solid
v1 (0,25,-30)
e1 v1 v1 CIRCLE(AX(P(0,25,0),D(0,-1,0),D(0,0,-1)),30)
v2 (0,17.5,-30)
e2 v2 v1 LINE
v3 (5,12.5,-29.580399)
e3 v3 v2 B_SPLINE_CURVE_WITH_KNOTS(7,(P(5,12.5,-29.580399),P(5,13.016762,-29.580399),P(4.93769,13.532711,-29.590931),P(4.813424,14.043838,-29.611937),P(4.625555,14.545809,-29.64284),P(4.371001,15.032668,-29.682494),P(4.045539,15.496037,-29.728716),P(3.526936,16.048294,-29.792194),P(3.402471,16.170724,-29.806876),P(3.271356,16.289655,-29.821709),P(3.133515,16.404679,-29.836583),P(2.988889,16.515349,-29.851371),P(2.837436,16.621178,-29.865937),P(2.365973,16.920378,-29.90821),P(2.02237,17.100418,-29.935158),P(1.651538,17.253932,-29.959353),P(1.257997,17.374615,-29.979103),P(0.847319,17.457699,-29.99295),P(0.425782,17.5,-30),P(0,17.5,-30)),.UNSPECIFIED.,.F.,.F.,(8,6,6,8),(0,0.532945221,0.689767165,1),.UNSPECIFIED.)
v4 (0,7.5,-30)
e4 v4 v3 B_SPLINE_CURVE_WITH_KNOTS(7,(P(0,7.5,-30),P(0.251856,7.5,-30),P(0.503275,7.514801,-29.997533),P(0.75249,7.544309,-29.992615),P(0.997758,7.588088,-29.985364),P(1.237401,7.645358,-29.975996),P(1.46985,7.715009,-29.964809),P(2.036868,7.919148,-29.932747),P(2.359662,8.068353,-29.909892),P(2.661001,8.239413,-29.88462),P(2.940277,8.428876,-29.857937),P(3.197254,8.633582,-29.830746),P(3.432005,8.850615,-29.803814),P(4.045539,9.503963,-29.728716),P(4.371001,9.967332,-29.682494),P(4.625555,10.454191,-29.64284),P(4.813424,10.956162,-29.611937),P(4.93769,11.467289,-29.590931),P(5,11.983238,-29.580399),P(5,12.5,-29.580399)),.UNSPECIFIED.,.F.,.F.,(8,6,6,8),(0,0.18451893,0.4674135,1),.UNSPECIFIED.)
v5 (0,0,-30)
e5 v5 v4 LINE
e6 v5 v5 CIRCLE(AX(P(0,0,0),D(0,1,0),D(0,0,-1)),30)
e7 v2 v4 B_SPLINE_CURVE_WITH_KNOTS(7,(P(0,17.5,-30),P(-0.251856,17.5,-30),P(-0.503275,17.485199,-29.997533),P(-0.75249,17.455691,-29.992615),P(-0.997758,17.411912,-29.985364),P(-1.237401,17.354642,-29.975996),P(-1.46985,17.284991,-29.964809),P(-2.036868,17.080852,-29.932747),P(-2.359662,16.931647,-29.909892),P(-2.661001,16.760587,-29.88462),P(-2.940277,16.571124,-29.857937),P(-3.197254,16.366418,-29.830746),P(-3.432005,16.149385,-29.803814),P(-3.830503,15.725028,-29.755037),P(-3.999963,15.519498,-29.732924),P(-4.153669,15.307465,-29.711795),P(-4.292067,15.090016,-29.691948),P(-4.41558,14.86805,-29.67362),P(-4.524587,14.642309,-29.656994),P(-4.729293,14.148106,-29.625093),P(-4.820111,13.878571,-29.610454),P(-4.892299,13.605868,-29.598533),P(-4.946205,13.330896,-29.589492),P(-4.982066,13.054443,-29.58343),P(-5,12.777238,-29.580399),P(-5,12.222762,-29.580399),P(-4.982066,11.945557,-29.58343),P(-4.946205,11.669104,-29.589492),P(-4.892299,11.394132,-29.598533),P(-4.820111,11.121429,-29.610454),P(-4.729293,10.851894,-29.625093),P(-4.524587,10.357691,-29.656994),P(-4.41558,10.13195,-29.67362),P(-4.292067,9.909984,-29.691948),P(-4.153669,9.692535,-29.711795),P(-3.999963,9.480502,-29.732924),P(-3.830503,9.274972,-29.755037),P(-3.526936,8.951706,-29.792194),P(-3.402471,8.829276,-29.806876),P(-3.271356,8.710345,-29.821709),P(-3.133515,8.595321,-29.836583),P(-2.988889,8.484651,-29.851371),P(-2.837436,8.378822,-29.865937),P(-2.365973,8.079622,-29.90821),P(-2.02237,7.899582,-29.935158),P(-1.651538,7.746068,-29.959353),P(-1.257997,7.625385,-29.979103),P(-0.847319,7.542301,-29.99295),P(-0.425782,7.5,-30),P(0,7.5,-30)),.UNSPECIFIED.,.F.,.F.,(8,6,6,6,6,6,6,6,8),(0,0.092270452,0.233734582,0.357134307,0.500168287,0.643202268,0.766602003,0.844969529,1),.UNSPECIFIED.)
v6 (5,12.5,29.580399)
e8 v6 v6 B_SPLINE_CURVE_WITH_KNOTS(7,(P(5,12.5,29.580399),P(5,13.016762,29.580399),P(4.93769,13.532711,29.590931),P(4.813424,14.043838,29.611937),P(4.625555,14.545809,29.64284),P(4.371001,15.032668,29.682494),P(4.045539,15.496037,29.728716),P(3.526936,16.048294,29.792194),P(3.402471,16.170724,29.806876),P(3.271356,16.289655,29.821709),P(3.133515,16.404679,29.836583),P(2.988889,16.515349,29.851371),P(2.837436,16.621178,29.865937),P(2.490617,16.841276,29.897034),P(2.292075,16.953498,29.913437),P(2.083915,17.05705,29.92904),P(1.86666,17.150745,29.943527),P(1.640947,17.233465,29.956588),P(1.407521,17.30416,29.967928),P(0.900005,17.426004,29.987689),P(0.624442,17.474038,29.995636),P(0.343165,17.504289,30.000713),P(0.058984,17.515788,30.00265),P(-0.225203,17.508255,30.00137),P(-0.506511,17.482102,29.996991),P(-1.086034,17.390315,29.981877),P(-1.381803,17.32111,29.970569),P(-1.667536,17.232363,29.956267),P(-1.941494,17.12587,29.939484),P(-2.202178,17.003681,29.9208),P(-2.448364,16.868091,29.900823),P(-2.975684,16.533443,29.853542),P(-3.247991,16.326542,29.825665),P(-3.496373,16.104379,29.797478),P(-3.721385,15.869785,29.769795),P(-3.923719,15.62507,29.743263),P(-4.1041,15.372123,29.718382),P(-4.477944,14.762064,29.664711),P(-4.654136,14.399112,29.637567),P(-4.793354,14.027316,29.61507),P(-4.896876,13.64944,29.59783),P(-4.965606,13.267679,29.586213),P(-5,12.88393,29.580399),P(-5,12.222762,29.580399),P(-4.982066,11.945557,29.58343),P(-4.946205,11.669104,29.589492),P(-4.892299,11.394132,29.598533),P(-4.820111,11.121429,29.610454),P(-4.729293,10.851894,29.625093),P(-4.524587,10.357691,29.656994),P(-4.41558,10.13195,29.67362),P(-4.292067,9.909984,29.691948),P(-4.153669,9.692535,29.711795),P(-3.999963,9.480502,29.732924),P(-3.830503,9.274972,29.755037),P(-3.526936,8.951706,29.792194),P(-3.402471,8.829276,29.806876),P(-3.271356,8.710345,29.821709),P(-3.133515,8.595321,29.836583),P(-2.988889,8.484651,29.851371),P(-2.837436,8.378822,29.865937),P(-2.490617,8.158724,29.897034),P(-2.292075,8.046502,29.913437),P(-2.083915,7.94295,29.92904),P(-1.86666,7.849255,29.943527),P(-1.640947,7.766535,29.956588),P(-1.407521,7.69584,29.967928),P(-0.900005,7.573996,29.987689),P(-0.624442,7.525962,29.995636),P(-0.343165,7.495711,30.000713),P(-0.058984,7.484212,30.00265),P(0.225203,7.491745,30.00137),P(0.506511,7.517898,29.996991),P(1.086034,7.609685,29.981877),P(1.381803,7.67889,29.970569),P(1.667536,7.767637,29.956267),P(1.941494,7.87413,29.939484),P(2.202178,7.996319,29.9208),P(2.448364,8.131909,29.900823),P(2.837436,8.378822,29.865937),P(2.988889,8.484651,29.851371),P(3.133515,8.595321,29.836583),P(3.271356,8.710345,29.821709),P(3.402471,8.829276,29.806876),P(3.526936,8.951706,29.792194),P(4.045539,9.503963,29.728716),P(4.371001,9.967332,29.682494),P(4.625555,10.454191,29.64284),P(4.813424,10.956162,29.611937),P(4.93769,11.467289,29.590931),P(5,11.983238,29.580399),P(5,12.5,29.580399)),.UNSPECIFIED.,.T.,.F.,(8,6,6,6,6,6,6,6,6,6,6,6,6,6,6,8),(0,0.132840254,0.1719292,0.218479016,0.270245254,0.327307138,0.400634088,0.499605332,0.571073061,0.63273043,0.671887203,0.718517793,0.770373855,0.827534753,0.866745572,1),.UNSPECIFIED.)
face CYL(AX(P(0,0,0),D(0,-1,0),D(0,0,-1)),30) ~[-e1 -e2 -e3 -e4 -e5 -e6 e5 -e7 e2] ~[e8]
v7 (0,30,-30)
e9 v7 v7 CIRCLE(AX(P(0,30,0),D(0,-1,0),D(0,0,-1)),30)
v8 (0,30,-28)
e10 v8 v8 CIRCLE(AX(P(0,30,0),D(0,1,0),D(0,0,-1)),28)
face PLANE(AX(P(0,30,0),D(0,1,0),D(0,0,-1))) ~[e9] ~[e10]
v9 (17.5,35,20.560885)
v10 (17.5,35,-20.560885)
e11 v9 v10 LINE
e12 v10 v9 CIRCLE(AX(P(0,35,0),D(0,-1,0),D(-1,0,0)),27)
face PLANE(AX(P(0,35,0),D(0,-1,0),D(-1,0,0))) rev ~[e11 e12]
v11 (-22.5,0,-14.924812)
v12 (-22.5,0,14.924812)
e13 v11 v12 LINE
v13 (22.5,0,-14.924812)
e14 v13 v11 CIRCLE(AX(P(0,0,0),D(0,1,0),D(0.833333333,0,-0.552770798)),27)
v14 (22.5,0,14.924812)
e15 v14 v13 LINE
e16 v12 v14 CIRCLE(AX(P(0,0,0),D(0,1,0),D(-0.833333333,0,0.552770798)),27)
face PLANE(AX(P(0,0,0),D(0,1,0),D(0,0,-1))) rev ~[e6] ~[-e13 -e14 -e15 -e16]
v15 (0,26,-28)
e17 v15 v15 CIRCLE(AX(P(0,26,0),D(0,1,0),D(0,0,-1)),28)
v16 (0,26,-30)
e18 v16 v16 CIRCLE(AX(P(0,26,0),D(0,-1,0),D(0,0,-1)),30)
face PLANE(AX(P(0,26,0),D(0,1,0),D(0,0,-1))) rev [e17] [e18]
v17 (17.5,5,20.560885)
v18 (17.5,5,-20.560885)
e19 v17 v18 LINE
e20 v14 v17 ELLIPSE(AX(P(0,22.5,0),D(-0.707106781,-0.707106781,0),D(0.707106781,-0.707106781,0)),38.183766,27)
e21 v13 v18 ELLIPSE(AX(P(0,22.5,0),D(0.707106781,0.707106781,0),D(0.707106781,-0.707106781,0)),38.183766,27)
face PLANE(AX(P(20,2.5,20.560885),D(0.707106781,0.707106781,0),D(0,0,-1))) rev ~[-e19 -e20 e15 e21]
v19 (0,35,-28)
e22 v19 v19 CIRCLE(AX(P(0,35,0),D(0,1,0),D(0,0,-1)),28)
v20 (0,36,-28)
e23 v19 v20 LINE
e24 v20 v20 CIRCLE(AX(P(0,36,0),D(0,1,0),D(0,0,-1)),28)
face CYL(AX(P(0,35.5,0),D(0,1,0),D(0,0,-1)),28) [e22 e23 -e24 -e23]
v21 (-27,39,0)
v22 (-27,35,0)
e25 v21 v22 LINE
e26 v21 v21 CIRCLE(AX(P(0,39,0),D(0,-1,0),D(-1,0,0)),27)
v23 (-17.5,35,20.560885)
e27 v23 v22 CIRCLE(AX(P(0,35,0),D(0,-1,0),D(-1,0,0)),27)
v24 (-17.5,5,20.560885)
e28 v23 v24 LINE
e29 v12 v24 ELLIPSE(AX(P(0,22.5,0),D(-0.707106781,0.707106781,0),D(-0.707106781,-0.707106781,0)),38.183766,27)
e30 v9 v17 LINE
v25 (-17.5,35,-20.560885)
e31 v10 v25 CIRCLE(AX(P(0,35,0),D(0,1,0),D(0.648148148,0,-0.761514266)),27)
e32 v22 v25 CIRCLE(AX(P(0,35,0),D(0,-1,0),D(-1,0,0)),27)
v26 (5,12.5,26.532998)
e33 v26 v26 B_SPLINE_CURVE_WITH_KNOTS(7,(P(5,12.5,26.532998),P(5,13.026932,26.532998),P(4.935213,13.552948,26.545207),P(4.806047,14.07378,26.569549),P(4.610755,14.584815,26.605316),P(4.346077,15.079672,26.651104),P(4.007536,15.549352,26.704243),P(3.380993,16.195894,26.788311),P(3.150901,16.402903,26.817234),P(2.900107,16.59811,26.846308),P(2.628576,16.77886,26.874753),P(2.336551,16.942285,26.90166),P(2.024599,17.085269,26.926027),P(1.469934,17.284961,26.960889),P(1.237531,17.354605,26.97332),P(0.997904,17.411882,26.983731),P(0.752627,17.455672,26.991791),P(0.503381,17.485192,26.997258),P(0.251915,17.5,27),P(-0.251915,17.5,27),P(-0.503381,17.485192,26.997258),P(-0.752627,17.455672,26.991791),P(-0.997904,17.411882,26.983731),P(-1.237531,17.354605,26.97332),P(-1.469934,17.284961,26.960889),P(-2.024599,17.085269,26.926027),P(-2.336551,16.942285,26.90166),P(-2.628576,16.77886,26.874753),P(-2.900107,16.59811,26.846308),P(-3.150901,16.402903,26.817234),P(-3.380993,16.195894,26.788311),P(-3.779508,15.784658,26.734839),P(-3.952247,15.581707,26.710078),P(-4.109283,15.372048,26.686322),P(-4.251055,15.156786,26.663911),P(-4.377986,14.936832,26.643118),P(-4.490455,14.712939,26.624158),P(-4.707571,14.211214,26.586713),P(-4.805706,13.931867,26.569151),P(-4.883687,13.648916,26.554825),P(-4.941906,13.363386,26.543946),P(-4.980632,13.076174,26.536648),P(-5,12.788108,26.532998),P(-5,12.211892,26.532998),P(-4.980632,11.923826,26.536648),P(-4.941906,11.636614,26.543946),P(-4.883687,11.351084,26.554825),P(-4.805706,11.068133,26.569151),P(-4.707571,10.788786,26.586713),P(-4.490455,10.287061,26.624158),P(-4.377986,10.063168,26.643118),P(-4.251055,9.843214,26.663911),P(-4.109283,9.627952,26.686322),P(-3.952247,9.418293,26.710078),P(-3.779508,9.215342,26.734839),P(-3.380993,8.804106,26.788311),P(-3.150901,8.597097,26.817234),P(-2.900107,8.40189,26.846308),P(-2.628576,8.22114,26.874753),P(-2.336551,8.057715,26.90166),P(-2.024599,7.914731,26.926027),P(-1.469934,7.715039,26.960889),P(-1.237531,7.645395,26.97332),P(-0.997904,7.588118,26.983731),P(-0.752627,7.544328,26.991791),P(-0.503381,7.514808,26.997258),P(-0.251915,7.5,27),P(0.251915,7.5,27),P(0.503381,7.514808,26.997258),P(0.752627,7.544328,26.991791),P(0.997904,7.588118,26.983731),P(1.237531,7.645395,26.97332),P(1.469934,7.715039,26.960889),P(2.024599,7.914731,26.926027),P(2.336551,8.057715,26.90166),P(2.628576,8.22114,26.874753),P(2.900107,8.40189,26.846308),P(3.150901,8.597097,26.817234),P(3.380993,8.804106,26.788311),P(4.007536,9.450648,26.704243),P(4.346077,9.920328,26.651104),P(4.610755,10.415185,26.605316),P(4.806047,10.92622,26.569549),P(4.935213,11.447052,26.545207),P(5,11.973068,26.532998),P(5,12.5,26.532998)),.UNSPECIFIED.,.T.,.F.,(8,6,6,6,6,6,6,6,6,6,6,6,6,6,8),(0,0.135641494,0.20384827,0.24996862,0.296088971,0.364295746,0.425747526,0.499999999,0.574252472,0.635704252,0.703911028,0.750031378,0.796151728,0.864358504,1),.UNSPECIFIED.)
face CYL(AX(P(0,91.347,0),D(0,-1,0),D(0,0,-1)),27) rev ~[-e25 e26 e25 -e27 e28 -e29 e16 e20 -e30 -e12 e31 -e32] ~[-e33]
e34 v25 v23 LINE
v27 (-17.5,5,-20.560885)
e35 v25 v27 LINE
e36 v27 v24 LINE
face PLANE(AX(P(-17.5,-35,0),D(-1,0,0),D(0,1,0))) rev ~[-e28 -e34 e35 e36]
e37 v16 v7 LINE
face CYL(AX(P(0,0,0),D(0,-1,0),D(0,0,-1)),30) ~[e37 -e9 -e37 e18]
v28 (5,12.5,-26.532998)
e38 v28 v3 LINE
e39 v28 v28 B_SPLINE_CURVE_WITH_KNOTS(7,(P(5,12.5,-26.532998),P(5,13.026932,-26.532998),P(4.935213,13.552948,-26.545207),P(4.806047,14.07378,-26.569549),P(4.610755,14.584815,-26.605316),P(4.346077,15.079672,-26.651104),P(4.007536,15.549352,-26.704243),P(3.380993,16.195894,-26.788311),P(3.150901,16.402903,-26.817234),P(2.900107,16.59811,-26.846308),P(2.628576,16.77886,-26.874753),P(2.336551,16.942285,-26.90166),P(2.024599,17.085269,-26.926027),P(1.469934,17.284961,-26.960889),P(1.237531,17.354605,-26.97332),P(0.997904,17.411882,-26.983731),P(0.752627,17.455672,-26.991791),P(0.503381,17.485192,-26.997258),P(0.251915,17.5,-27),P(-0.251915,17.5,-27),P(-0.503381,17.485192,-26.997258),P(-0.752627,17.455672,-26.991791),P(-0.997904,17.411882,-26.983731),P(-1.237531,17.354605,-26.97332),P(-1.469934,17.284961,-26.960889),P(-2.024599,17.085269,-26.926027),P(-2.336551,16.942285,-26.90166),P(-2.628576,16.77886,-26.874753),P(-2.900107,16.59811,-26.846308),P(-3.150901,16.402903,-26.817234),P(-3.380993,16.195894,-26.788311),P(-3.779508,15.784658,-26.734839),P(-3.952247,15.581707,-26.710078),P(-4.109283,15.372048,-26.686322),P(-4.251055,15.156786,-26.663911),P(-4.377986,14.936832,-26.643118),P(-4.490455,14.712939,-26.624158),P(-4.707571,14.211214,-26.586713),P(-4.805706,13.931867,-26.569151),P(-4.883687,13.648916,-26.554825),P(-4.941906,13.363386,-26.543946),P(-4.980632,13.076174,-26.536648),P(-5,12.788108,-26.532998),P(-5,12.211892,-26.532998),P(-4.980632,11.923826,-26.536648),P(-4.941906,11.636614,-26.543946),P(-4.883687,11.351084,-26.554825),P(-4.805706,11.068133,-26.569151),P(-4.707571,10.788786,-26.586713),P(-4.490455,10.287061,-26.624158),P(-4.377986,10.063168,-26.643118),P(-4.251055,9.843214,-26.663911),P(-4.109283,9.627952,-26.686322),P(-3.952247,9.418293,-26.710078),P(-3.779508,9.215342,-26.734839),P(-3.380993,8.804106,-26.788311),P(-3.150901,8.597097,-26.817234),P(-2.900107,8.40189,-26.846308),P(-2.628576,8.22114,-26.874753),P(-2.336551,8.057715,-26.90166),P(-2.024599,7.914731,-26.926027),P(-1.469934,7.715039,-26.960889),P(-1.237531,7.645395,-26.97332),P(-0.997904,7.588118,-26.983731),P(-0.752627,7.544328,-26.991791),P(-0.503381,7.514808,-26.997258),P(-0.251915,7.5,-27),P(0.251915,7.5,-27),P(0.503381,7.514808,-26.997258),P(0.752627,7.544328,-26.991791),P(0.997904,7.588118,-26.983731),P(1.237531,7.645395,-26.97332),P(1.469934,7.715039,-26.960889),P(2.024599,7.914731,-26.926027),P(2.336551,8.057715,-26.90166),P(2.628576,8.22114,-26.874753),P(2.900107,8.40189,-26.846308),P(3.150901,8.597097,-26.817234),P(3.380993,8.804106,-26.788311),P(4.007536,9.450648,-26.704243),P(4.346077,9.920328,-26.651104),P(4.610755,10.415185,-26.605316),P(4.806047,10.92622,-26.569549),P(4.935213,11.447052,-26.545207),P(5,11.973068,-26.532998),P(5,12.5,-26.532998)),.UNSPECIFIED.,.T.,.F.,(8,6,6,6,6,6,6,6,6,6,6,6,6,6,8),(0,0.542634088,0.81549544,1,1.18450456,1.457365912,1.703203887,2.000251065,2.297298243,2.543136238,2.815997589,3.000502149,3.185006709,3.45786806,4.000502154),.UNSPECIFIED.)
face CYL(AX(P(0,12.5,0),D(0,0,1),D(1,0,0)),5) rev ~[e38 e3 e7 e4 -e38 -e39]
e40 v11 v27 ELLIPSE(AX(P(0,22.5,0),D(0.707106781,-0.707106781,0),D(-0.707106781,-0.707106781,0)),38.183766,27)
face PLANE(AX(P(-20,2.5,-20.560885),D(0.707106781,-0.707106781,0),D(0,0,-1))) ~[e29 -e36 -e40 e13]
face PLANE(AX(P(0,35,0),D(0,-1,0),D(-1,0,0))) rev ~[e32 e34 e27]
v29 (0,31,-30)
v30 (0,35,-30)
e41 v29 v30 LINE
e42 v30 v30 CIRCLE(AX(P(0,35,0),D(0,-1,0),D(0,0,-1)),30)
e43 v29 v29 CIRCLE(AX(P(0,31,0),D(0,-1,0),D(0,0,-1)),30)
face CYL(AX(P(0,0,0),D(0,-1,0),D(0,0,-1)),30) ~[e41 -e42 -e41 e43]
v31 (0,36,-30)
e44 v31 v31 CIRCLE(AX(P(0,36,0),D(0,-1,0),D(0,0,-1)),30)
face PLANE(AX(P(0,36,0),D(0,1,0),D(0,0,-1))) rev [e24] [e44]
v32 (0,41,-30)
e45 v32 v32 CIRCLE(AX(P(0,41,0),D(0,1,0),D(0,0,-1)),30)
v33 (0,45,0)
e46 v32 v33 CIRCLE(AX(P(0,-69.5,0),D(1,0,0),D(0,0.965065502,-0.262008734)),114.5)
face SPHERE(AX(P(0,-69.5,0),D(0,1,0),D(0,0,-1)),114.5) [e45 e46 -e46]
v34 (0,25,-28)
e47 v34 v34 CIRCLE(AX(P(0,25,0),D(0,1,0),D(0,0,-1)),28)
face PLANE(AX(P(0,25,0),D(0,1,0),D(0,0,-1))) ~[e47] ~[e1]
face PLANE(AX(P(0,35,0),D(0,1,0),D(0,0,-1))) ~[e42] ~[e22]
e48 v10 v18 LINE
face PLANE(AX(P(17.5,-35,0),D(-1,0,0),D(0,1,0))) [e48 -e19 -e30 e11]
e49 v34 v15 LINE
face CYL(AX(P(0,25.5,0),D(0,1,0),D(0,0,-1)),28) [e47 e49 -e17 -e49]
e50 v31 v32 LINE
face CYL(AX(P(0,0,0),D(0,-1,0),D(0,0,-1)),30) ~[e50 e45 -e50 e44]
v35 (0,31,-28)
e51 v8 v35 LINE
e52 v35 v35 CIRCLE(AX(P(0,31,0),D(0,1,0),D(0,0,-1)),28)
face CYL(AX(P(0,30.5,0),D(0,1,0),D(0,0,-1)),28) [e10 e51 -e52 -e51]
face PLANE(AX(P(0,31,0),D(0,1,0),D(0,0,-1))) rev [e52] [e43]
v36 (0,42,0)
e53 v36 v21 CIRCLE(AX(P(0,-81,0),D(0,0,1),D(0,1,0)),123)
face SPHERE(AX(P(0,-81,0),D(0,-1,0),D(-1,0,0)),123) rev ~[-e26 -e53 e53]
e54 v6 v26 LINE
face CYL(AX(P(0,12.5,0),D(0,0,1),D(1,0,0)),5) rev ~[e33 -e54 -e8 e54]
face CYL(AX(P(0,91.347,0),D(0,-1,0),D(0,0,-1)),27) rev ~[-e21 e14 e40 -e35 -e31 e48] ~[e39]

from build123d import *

# Parameters (mm, degrees)
SKETCH1_R                           = 30
BOSS_EXTRUDE1_DEPTH                 = 45
SKETCH2_W                           = 4
SKETCH2_H                           = 1
SKETCH3_R                           = 5
CUT_EXTRUDE1_DEPTH                  = 62.846584384
CUT_EXTRUDE1_DEPTH_BACK             = 62.846584384
CUT_EXTRUDE3_REACH                  = 63.847
CUT_EXTRUDE3_END_RADIUS             = 27
SKETCH8_W                           = 35
SKETCH8_H                           = 70
CUT_EXTRUDE3_DIRECTION_2_REACH      = 63.847
CUT_EXTRUDE3_DIRECTION_2_END_RADIUS = 27
SKETCH9_W                           = 15
SKETCH9_H                           = 35
SKETCH9_H_2                         = 2
CHAMFER2_SIZE                       = 5


with BuildPart() as part:
    # Sketch1 → Boss-Extrude1 (new body)
    with BuildSketch(Plane(origin=(0, 0, 0), x_dir=(1, 0, 0), z_dir=(0, 1, 0))):
        with Locations(Location((0, 0, 0), (0, 0, 90))):
            Circle(SKETCH1_R)
    extrude(amount=BOSS_EXTRUDE1_DEPTH)

    # Sketch2 → Cut-Revolve3 (revolve, cut)
    with BuildSketch(Plane.XY, mode=Mode.PRIVATE) as cut_revolve3_sk:
        with Locations((30, 25.5)):
            Rectangle(SKETCH2_W, SKETCH2_H)
        with Locations((30, 30.5)):
            Rectangle(SKETCH2_W, SKETCH2_H)
        with Locations((30, 35.5)):
            Rectangle(SKETCH2_W, SKETCH2_H)
        with BuildLine():
            Line((0, 45), (0, 47.512456789))
            Line((0, 47.512456789), (33.213865232, 47.512456789))
            Line((33.213865232, 47.512456789), (30, 41))
            ThreePointArc((30, 41), (15.13274595, 43.995594628), (0, 45))
        make_face()
    revolve(cut_revolve3_sk.sketch.rotate(Axis((0, 0, 0), (0, 1, 0)), 90), axis=Axis((0, 0, 0), (0, 1, 0)), mode=Mode.SUBTRACT)

    # Sketch3 → Cut-Extrude1 (cut, two sides)
    with BuildSketch(Plane.XY) as cut_extrude1_sk:
        with Locations((0, 12.5)):
            Circle(SKETCH3_R)
    extrude(amount=CUT_EXTRUDE1_DEPTH, mode=Mode.SUBTRACT)
    extrude(cut_extrude1_sk.sketch, amount=-CUT_EXTRUDE1_DEPTH_BACK, mode=Mode.SUBTRACT)

    # Cut-Extrude3: up to this cylinder (the profile starts inside it)
    cut_extrude3_end = Plane(origin=(0, 0, 0), z_dir=(0, -1, 0)) * Cylinder(CUT_EXTRUDE3_END_RADIUS, 182.694, mode=Mode.PRIVATE)
    # Sketch8 → Cut-Extrude3 (cut, up to the surface)
    with BuildSketch(Plane.XY, mode=Mode.PRIVATE) as cut_extrude3_sk1:
        Rectangle(SKETCH8_W, SKETCH8_H)
    cut_extrude3_tool1 = extrude(cut_extrude3_sk1.sketch, amount=-CUT_EXTRUDE3_REACH, mode=Mode.PRIVATE) & cut_extrude3_end
    add(cut_extrude3_tool1.solids().sort_by_distance((0, 0, 0))[0], mode=Mode.SUBTRACT)

    # Cut-Extrude3 direction 2: up to this cylinder (the profile starts inside it)
    cut_extrude3_direction_2_end = Plane(origin=(0, 0, 0), z_dir=(0, -1, 0)) * Cylinder(CUT_EXTRUDE3_DIRECTION_2_END_RADIUS, 182.694, mode=Mode.PRIVATE)
    # Sketch8 → Cut-Extrude3 direction 2 (cut, up to the surface)
    with BuildSketch(Plane.XY, mode=Mode.PRIVATE) as cut_extrude3_direction_2_sk1:
        Rectangle(SKETCH8_W, SKETCH8_H)
    cut_extrude3_direction_2_tool1 = extrude(cut_extrude3_direction_2_sk1.sketch, amount=CUT_EXTRUDE3_DIRECTION_2_REACH, mode=Mode.PRIVATE) & cut_extrude3_direction_2_end
    add(cut_extrude3_direction_2_tool1.solids().sort_by_distance((0, 0, 0))[0], mode=Mode.SUBTRACT)

    # Sketch9 → Cut-Revolve4 (revolve, cut)
    with BuildSketch(Plane.XY):
        with Locations((-7.5, 17.5)):
            Rectangle(SKETCH9_W, SKETCH9_H)
        with Locations((-7.5, 36)):
            Rectangle(SKETCH9_W, SKETCH9_H_2)
        Polygon((-27, 35), (-15, 35), (-15, 37), (0, 37), (0, 39), (-27, 39), align=None)
        with BuildLine():
            ThreePointArc((0, 42), (-13.583077707, 41.247699365), (-27, 39))
            Line((-27, 39), (0, 39))
            Line((0, 39), (0, 42))
        make_face()
        with BuildLine():
            Line((0, 39), (27, 39))
            ThreePointArc((27, 39), (13.583077707, 41.247699365), (0, 42))
            Line((0, 42), (0, 39))
        make_face()
    revolve(axis=Axis((0, 0, 0), (0, -1, 0)), mode=Mode.SUBTRACT)

    # Chamfer2
    chamfer2_edges = [part.edges().sort_by_distance(p)[0] for p in [
        (17.5, 0, 0),
        (-17.5, 0, 0),
    ]]
    chamfer(chamfer2_edges, length=CHAMFER2_SIZE)


solid = part.part
